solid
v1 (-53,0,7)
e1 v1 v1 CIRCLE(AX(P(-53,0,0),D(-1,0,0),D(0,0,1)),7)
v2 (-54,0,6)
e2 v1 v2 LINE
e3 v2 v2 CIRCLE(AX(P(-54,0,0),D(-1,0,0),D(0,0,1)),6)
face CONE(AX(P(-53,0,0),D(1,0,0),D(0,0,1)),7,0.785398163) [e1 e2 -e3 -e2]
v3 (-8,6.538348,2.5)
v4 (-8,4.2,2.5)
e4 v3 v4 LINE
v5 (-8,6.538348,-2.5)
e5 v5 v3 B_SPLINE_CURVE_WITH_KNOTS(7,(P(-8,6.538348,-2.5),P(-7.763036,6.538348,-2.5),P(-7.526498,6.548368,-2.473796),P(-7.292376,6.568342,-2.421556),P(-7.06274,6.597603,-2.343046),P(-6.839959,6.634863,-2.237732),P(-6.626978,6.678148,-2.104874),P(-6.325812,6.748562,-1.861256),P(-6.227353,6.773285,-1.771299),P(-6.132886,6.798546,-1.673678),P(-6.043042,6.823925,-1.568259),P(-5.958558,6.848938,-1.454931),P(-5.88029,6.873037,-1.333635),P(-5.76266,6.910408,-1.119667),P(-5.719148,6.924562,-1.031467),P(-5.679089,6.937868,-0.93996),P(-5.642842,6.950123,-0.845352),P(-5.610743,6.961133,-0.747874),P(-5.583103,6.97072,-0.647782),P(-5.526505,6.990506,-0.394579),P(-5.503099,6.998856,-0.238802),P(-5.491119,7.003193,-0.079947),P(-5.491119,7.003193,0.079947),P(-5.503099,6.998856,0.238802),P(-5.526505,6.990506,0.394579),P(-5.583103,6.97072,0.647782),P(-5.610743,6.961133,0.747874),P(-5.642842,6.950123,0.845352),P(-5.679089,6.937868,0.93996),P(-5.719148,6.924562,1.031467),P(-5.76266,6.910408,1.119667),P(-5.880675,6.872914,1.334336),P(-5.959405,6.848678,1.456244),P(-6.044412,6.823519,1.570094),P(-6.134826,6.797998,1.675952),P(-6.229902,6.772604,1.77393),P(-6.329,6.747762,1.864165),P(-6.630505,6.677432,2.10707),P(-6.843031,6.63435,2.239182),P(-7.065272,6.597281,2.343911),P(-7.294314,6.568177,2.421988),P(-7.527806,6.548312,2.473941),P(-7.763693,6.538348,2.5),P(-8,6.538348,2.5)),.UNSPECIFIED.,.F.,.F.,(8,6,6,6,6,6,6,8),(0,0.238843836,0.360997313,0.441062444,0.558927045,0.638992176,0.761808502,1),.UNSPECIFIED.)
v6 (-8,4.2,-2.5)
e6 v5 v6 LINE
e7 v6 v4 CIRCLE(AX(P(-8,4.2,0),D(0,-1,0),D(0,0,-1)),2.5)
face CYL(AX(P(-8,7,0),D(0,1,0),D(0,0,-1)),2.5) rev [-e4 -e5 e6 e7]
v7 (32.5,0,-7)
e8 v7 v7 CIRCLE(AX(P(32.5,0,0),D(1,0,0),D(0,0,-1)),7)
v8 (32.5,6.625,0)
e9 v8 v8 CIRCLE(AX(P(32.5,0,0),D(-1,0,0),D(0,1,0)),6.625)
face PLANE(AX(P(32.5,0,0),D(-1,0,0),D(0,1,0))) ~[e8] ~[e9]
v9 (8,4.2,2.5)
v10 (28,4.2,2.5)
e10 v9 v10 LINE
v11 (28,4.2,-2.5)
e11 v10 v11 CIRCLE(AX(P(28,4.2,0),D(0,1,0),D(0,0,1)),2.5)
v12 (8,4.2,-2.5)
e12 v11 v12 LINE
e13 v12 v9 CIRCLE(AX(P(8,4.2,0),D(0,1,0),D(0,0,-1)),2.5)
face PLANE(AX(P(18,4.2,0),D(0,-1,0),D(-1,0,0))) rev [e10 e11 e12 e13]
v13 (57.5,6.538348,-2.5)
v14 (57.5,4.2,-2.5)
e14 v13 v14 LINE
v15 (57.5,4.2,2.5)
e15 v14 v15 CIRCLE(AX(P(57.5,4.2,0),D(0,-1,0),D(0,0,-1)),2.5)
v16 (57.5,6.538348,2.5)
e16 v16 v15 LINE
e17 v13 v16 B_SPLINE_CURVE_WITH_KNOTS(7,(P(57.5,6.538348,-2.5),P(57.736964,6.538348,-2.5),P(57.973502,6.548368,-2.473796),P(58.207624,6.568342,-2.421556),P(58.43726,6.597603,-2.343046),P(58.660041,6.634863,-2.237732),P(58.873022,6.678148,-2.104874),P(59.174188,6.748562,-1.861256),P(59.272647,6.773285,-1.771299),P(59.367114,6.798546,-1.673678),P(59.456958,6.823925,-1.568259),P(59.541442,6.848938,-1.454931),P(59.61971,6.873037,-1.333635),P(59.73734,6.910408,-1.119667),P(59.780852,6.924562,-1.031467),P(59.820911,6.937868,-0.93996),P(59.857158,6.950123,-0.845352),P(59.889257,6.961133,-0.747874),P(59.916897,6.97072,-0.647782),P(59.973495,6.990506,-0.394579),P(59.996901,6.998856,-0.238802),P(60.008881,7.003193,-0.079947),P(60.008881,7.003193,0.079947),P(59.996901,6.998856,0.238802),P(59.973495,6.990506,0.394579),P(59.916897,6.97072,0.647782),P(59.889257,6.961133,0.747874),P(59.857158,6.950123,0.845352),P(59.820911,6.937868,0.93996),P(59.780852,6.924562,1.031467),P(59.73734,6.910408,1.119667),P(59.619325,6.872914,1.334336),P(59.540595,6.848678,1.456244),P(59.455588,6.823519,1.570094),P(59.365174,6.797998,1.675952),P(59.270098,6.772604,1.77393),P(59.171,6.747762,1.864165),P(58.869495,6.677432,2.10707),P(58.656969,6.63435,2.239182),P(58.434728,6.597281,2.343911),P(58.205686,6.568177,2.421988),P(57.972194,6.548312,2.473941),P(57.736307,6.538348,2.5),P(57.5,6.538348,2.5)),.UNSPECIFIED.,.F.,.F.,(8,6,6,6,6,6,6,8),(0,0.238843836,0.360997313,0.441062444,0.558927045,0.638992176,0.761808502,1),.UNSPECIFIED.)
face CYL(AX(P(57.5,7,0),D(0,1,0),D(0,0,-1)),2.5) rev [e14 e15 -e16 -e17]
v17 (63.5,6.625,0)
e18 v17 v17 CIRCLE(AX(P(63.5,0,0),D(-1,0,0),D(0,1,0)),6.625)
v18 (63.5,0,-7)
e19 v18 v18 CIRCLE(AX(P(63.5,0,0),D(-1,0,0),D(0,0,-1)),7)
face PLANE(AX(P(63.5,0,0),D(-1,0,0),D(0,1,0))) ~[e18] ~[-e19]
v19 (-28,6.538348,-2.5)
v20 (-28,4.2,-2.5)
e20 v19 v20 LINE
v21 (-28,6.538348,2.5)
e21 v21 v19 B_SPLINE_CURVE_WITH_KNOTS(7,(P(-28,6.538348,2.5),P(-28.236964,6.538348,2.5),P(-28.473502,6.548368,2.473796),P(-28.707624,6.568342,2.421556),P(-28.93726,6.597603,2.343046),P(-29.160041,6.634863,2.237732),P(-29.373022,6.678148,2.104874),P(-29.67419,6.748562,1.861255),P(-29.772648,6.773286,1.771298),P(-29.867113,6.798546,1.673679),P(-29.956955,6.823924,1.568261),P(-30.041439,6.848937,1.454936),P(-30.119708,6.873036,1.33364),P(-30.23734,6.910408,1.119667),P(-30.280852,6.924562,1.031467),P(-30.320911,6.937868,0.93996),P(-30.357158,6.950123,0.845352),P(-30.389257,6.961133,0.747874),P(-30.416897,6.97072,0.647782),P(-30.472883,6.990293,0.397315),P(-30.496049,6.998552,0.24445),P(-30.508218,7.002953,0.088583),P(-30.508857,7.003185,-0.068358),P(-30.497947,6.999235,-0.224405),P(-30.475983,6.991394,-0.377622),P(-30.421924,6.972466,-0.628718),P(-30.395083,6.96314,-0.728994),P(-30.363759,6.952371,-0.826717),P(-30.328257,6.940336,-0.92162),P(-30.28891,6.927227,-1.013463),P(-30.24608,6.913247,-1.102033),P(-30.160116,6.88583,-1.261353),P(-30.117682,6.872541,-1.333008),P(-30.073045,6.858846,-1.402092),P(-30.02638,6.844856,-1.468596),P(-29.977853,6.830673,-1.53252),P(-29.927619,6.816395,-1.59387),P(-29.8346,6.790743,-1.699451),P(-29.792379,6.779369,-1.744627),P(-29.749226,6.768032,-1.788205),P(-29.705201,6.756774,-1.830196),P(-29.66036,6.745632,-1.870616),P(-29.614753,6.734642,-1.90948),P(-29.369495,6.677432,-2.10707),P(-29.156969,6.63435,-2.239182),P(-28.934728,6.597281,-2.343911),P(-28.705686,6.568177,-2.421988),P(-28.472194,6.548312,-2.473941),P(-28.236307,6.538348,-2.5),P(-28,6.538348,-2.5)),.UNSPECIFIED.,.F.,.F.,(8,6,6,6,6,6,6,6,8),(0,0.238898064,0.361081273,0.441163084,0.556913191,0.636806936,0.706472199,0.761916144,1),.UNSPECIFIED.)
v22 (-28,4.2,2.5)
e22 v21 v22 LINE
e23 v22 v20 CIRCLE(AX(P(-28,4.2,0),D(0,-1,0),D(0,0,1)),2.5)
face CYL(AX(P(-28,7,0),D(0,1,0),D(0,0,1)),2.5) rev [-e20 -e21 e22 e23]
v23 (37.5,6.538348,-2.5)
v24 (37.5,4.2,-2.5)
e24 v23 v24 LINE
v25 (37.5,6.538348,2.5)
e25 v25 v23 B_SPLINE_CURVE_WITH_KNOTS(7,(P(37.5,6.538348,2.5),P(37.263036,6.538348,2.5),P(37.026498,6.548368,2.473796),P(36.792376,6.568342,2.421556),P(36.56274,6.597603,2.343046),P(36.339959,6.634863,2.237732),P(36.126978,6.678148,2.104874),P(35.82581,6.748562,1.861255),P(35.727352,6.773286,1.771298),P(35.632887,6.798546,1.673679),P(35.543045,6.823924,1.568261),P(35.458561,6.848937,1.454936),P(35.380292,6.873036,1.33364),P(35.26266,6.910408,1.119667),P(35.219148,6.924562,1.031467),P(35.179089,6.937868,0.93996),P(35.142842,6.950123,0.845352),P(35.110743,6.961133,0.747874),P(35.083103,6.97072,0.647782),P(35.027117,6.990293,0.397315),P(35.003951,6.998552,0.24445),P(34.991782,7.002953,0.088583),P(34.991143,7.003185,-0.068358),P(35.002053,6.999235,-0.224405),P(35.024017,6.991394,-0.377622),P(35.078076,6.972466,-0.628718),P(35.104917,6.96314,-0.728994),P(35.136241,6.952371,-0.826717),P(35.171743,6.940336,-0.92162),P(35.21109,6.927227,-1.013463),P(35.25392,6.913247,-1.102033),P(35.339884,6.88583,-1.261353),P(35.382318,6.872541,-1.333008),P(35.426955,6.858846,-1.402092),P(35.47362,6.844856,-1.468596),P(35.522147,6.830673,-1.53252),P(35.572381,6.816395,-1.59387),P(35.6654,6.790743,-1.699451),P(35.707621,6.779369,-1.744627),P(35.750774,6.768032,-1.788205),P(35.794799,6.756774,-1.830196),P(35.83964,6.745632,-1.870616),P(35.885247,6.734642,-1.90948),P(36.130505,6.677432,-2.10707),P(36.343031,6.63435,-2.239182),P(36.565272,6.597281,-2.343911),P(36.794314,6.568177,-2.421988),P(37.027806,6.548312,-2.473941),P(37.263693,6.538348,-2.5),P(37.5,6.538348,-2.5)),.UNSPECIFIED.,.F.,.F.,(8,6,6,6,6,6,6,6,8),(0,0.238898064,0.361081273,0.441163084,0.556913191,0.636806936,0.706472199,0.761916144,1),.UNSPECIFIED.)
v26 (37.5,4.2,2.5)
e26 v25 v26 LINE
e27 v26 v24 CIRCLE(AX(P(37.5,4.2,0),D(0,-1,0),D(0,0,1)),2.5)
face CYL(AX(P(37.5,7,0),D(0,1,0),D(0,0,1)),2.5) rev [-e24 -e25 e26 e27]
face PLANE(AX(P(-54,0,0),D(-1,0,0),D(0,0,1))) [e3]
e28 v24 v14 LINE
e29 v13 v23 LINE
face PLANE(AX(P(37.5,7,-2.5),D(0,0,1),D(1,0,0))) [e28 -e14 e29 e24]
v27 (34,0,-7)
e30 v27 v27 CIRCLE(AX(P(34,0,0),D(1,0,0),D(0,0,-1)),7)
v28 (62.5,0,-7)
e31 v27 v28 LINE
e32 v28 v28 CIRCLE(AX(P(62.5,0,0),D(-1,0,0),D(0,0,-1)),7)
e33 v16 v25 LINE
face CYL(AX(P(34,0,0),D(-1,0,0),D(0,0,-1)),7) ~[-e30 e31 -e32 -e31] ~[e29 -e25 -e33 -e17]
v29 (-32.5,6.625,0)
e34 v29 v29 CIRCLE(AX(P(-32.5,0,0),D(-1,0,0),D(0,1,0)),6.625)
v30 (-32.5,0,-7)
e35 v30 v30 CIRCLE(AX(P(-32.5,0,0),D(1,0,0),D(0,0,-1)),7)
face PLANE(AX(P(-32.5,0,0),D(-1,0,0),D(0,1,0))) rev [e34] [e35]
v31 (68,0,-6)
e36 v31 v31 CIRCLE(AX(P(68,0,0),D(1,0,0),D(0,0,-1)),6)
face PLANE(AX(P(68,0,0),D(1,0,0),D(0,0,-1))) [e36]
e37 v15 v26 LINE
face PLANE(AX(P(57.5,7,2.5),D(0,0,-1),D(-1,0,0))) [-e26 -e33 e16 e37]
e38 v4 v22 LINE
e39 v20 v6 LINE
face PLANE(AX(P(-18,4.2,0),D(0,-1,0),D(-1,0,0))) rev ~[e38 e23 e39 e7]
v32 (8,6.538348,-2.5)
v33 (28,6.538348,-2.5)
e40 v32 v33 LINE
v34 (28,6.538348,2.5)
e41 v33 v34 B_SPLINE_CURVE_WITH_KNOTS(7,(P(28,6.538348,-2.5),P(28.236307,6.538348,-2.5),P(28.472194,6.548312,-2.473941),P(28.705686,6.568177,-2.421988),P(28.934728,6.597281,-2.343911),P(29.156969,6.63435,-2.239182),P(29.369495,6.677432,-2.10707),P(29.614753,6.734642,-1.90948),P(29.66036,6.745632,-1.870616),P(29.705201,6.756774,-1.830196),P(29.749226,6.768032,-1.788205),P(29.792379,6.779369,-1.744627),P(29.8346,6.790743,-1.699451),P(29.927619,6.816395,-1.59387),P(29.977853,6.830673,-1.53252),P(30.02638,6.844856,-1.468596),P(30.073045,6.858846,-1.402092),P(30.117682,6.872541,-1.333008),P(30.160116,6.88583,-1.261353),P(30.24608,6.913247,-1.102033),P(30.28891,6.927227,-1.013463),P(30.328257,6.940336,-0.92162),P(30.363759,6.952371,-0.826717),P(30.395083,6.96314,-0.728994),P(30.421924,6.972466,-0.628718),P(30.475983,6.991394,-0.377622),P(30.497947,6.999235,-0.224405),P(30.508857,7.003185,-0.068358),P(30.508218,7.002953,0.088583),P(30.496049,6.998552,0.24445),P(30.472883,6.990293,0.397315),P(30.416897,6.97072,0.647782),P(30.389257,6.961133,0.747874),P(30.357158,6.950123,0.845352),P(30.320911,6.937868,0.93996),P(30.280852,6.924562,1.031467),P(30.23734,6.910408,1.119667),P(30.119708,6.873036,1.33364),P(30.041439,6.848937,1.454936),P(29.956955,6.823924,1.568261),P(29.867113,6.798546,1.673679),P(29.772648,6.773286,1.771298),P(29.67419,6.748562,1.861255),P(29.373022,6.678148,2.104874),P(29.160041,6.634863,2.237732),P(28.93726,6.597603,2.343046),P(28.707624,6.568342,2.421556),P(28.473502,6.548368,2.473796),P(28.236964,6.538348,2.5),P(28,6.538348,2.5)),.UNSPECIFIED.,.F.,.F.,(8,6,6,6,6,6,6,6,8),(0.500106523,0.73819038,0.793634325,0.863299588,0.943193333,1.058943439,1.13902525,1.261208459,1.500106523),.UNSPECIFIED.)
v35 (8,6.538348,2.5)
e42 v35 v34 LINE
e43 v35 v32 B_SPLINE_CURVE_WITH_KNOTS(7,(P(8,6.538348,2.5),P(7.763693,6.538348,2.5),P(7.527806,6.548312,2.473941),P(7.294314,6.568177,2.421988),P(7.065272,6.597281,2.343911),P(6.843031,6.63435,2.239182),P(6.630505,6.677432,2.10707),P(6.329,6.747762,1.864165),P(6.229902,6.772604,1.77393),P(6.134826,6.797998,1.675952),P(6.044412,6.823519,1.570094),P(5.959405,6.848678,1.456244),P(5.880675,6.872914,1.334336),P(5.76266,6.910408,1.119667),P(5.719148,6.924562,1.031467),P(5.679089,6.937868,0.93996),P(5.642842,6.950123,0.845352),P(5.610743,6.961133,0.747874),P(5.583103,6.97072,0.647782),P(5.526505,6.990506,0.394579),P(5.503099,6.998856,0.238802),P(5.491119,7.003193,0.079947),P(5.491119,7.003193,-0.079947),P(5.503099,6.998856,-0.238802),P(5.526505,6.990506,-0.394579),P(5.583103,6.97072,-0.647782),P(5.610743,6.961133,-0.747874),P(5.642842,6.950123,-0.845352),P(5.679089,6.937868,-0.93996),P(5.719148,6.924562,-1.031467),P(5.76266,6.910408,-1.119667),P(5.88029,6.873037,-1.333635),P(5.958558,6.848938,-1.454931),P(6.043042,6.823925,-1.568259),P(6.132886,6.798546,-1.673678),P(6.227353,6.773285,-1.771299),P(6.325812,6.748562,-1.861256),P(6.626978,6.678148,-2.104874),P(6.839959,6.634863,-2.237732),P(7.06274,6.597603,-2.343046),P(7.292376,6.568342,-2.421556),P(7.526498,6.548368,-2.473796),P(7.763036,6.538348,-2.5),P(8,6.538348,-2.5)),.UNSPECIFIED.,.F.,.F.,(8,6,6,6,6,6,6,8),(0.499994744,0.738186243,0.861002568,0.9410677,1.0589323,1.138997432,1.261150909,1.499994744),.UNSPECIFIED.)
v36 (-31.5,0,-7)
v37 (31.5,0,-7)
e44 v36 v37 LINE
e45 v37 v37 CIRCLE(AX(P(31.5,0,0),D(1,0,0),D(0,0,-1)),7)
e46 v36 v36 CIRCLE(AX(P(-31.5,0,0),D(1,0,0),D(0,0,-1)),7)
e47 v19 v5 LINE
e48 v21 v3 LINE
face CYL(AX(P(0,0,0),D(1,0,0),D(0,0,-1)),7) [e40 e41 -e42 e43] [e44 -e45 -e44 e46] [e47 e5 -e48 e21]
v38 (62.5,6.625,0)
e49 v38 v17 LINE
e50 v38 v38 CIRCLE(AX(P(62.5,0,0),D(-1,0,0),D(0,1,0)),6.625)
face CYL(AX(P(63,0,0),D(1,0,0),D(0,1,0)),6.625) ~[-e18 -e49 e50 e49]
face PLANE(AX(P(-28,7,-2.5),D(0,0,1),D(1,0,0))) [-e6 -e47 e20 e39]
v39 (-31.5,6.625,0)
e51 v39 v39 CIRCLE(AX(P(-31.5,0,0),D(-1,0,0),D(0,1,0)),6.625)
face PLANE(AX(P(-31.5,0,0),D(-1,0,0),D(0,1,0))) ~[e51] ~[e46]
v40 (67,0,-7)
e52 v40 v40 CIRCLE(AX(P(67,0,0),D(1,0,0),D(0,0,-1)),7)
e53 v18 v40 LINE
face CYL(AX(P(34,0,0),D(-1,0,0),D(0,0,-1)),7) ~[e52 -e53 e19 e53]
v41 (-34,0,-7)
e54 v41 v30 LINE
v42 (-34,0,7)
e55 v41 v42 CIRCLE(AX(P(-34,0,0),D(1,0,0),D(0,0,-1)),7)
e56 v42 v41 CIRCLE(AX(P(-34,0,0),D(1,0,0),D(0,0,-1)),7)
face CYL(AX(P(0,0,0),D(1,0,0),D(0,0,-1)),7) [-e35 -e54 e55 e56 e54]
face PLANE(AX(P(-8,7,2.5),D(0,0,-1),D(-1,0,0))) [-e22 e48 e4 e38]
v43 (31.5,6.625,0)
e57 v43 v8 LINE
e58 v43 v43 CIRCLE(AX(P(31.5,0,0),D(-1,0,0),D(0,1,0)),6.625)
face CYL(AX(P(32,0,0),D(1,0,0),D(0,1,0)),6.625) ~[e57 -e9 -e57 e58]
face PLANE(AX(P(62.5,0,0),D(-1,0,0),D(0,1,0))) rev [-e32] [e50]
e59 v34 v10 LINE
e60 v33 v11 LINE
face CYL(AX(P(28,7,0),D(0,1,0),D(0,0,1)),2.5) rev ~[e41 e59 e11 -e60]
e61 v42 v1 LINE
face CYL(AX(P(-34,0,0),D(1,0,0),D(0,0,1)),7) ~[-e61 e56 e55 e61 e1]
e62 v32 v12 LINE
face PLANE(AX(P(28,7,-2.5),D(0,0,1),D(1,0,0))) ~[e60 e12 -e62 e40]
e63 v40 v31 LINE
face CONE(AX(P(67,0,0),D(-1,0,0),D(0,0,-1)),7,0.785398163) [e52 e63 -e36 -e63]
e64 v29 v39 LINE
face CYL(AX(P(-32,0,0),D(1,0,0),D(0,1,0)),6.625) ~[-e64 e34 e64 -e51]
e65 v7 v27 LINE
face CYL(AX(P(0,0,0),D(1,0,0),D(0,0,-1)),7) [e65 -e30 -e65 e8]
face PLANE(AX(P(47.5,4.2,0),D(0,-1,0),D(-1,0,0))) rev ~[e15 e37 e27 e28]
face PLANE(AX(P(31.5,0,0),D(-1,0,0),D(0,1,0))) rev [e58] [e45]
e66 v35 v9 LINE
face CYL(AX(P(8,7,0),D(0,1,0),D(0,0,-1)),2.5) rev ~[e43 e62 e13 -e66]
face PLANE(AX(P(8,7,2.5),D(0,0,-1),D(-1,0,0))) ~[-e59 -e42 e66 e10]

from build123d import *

# Parameters (mm, degrees)
SKETCH1_R           = 7
BOSS_EXTRUDE1_DEPTH = 34
CUT_EXTRUDE1_DEPTH  = 2.8
SKETCH5_R           = 7
BOSS_EXTRUDE3_DEPTH = 20
SKETCH7_R           = 7
BOSS_EXTRUDE4_DEPTH = 34
SKETCH11_W          = 1
SKETCH11_H          = 0.75
CHAMFER1_SIZE       = 1
CUT_EXTRUDE3_DEPTH  = 2.8


with BuildPart() as part:
    # Sketch1 → Boss-Extrude1 (new body, symmetric)
    with BuildSketch(Plane(origin=(0, 0, 0), x_dir=(0, 0, -1), z_dir=(1, 0, 0))):
        Circle(SKETCH1_R)
    extrude(amount=BOSS_EXTRUDE1_DEPTH, both=True)

    # Sketch4 → Cut-Extrude1 (cut)
    with BuildSketch(Plane(origin=(0, 7, 0), x_dir=(1, 0, 0), z_dir=(0, 1, 0))):
        with BuildLine():
            Line((-28, 2.5), (-8, 2.5))
            ThreePointArc((-8, 2.5), (-5.5, 0), (-8, -2.5))
            Line((-8, -2.5), (-28, -2.5))
            ThreePointArc((-28, -2.5), (-30.5, 0), (-28, 2.5))
        make_face()
    cut_extrude1 = extrude(amount=-CUT_EXTRUDE1_DEPTH, mode=Mode.SUBTRACT)

    # Mirror1: Cut-Extrude1 across plane
    add(cut_extrude1.mirror(Plane(origin=(0, 0, 0), x_dir=(0, 0, 1), z_dir=(1, 0, 0))), mode=Mode.SUBTRACT)

    # Sketch5 → Boss-Extrude3 (add)
    with BuildSketch(Plane.ZY.offset(34)):
        Circle(SKETCH5_R)
    extrude(amount=BOSS_EXTRUDE3_DEPTH)

    # Sketch7 → Boss-Extrude4 (add)
    with BuildSketch(Plane(origin=(34, 0, 0), x_dir=(0, 0, -1), z_dir=(1, 0, 0))):
        Circle(SKETCH7_R)
    extrude(amount=BOSS_EXTRUDE4_DEPTH)

    # Sketch11 → Cut-Revolve1 (revolve, cut)
    with BuildSketch(Plane.XY):
        with Locations((63, 7)):
            Rectangle(SKETCH11_W, SKETCH11_H)
        with Locations((32, 7)):
            Rectangle(SKETCH11_W, SKETCH11_H)
        with Locations((-32, 7)):
            Rectangle(SKETCH11_W, SKETCH11_H)
    revolve(axis=Axis((71.5, 0, 0), (-1, 0, 0)), mode=Mode.SUBTRACT)

    # Chamfer1
    chamfer1_edges = [part.edges().sort_by_distance(p)[0] for p in [
        (-54, 0, -7),
        (68, 0, 7),
    ]]
    chamfer(chamfer1_edges, length=CHAMFER1_SIZE)

    # Sketch9 → Cut-Extrude3 (cut)
    with BuildSketch(Plane(origin=(0, 7, 0), x_dir=(1, 0, 0), z_dir=(0, 1, 0))):
        with BuildLine():
            Line((37.5, 2.5), (57.5, 2.5))
            ThreePointArc((57.5, 2.5), (60, 0), (57.5, -2.5))
            Line((57.5, -2.5), (37.5, -2.5))
            ThreePointArc((37.5, -2.5), (35, 0), (37.5, 2.5))
        make_face()
    extrude(amount=-CUT_EXTRUDE3_DEPTH, mode=Mode.SUBTRACT)


solid = part.part
